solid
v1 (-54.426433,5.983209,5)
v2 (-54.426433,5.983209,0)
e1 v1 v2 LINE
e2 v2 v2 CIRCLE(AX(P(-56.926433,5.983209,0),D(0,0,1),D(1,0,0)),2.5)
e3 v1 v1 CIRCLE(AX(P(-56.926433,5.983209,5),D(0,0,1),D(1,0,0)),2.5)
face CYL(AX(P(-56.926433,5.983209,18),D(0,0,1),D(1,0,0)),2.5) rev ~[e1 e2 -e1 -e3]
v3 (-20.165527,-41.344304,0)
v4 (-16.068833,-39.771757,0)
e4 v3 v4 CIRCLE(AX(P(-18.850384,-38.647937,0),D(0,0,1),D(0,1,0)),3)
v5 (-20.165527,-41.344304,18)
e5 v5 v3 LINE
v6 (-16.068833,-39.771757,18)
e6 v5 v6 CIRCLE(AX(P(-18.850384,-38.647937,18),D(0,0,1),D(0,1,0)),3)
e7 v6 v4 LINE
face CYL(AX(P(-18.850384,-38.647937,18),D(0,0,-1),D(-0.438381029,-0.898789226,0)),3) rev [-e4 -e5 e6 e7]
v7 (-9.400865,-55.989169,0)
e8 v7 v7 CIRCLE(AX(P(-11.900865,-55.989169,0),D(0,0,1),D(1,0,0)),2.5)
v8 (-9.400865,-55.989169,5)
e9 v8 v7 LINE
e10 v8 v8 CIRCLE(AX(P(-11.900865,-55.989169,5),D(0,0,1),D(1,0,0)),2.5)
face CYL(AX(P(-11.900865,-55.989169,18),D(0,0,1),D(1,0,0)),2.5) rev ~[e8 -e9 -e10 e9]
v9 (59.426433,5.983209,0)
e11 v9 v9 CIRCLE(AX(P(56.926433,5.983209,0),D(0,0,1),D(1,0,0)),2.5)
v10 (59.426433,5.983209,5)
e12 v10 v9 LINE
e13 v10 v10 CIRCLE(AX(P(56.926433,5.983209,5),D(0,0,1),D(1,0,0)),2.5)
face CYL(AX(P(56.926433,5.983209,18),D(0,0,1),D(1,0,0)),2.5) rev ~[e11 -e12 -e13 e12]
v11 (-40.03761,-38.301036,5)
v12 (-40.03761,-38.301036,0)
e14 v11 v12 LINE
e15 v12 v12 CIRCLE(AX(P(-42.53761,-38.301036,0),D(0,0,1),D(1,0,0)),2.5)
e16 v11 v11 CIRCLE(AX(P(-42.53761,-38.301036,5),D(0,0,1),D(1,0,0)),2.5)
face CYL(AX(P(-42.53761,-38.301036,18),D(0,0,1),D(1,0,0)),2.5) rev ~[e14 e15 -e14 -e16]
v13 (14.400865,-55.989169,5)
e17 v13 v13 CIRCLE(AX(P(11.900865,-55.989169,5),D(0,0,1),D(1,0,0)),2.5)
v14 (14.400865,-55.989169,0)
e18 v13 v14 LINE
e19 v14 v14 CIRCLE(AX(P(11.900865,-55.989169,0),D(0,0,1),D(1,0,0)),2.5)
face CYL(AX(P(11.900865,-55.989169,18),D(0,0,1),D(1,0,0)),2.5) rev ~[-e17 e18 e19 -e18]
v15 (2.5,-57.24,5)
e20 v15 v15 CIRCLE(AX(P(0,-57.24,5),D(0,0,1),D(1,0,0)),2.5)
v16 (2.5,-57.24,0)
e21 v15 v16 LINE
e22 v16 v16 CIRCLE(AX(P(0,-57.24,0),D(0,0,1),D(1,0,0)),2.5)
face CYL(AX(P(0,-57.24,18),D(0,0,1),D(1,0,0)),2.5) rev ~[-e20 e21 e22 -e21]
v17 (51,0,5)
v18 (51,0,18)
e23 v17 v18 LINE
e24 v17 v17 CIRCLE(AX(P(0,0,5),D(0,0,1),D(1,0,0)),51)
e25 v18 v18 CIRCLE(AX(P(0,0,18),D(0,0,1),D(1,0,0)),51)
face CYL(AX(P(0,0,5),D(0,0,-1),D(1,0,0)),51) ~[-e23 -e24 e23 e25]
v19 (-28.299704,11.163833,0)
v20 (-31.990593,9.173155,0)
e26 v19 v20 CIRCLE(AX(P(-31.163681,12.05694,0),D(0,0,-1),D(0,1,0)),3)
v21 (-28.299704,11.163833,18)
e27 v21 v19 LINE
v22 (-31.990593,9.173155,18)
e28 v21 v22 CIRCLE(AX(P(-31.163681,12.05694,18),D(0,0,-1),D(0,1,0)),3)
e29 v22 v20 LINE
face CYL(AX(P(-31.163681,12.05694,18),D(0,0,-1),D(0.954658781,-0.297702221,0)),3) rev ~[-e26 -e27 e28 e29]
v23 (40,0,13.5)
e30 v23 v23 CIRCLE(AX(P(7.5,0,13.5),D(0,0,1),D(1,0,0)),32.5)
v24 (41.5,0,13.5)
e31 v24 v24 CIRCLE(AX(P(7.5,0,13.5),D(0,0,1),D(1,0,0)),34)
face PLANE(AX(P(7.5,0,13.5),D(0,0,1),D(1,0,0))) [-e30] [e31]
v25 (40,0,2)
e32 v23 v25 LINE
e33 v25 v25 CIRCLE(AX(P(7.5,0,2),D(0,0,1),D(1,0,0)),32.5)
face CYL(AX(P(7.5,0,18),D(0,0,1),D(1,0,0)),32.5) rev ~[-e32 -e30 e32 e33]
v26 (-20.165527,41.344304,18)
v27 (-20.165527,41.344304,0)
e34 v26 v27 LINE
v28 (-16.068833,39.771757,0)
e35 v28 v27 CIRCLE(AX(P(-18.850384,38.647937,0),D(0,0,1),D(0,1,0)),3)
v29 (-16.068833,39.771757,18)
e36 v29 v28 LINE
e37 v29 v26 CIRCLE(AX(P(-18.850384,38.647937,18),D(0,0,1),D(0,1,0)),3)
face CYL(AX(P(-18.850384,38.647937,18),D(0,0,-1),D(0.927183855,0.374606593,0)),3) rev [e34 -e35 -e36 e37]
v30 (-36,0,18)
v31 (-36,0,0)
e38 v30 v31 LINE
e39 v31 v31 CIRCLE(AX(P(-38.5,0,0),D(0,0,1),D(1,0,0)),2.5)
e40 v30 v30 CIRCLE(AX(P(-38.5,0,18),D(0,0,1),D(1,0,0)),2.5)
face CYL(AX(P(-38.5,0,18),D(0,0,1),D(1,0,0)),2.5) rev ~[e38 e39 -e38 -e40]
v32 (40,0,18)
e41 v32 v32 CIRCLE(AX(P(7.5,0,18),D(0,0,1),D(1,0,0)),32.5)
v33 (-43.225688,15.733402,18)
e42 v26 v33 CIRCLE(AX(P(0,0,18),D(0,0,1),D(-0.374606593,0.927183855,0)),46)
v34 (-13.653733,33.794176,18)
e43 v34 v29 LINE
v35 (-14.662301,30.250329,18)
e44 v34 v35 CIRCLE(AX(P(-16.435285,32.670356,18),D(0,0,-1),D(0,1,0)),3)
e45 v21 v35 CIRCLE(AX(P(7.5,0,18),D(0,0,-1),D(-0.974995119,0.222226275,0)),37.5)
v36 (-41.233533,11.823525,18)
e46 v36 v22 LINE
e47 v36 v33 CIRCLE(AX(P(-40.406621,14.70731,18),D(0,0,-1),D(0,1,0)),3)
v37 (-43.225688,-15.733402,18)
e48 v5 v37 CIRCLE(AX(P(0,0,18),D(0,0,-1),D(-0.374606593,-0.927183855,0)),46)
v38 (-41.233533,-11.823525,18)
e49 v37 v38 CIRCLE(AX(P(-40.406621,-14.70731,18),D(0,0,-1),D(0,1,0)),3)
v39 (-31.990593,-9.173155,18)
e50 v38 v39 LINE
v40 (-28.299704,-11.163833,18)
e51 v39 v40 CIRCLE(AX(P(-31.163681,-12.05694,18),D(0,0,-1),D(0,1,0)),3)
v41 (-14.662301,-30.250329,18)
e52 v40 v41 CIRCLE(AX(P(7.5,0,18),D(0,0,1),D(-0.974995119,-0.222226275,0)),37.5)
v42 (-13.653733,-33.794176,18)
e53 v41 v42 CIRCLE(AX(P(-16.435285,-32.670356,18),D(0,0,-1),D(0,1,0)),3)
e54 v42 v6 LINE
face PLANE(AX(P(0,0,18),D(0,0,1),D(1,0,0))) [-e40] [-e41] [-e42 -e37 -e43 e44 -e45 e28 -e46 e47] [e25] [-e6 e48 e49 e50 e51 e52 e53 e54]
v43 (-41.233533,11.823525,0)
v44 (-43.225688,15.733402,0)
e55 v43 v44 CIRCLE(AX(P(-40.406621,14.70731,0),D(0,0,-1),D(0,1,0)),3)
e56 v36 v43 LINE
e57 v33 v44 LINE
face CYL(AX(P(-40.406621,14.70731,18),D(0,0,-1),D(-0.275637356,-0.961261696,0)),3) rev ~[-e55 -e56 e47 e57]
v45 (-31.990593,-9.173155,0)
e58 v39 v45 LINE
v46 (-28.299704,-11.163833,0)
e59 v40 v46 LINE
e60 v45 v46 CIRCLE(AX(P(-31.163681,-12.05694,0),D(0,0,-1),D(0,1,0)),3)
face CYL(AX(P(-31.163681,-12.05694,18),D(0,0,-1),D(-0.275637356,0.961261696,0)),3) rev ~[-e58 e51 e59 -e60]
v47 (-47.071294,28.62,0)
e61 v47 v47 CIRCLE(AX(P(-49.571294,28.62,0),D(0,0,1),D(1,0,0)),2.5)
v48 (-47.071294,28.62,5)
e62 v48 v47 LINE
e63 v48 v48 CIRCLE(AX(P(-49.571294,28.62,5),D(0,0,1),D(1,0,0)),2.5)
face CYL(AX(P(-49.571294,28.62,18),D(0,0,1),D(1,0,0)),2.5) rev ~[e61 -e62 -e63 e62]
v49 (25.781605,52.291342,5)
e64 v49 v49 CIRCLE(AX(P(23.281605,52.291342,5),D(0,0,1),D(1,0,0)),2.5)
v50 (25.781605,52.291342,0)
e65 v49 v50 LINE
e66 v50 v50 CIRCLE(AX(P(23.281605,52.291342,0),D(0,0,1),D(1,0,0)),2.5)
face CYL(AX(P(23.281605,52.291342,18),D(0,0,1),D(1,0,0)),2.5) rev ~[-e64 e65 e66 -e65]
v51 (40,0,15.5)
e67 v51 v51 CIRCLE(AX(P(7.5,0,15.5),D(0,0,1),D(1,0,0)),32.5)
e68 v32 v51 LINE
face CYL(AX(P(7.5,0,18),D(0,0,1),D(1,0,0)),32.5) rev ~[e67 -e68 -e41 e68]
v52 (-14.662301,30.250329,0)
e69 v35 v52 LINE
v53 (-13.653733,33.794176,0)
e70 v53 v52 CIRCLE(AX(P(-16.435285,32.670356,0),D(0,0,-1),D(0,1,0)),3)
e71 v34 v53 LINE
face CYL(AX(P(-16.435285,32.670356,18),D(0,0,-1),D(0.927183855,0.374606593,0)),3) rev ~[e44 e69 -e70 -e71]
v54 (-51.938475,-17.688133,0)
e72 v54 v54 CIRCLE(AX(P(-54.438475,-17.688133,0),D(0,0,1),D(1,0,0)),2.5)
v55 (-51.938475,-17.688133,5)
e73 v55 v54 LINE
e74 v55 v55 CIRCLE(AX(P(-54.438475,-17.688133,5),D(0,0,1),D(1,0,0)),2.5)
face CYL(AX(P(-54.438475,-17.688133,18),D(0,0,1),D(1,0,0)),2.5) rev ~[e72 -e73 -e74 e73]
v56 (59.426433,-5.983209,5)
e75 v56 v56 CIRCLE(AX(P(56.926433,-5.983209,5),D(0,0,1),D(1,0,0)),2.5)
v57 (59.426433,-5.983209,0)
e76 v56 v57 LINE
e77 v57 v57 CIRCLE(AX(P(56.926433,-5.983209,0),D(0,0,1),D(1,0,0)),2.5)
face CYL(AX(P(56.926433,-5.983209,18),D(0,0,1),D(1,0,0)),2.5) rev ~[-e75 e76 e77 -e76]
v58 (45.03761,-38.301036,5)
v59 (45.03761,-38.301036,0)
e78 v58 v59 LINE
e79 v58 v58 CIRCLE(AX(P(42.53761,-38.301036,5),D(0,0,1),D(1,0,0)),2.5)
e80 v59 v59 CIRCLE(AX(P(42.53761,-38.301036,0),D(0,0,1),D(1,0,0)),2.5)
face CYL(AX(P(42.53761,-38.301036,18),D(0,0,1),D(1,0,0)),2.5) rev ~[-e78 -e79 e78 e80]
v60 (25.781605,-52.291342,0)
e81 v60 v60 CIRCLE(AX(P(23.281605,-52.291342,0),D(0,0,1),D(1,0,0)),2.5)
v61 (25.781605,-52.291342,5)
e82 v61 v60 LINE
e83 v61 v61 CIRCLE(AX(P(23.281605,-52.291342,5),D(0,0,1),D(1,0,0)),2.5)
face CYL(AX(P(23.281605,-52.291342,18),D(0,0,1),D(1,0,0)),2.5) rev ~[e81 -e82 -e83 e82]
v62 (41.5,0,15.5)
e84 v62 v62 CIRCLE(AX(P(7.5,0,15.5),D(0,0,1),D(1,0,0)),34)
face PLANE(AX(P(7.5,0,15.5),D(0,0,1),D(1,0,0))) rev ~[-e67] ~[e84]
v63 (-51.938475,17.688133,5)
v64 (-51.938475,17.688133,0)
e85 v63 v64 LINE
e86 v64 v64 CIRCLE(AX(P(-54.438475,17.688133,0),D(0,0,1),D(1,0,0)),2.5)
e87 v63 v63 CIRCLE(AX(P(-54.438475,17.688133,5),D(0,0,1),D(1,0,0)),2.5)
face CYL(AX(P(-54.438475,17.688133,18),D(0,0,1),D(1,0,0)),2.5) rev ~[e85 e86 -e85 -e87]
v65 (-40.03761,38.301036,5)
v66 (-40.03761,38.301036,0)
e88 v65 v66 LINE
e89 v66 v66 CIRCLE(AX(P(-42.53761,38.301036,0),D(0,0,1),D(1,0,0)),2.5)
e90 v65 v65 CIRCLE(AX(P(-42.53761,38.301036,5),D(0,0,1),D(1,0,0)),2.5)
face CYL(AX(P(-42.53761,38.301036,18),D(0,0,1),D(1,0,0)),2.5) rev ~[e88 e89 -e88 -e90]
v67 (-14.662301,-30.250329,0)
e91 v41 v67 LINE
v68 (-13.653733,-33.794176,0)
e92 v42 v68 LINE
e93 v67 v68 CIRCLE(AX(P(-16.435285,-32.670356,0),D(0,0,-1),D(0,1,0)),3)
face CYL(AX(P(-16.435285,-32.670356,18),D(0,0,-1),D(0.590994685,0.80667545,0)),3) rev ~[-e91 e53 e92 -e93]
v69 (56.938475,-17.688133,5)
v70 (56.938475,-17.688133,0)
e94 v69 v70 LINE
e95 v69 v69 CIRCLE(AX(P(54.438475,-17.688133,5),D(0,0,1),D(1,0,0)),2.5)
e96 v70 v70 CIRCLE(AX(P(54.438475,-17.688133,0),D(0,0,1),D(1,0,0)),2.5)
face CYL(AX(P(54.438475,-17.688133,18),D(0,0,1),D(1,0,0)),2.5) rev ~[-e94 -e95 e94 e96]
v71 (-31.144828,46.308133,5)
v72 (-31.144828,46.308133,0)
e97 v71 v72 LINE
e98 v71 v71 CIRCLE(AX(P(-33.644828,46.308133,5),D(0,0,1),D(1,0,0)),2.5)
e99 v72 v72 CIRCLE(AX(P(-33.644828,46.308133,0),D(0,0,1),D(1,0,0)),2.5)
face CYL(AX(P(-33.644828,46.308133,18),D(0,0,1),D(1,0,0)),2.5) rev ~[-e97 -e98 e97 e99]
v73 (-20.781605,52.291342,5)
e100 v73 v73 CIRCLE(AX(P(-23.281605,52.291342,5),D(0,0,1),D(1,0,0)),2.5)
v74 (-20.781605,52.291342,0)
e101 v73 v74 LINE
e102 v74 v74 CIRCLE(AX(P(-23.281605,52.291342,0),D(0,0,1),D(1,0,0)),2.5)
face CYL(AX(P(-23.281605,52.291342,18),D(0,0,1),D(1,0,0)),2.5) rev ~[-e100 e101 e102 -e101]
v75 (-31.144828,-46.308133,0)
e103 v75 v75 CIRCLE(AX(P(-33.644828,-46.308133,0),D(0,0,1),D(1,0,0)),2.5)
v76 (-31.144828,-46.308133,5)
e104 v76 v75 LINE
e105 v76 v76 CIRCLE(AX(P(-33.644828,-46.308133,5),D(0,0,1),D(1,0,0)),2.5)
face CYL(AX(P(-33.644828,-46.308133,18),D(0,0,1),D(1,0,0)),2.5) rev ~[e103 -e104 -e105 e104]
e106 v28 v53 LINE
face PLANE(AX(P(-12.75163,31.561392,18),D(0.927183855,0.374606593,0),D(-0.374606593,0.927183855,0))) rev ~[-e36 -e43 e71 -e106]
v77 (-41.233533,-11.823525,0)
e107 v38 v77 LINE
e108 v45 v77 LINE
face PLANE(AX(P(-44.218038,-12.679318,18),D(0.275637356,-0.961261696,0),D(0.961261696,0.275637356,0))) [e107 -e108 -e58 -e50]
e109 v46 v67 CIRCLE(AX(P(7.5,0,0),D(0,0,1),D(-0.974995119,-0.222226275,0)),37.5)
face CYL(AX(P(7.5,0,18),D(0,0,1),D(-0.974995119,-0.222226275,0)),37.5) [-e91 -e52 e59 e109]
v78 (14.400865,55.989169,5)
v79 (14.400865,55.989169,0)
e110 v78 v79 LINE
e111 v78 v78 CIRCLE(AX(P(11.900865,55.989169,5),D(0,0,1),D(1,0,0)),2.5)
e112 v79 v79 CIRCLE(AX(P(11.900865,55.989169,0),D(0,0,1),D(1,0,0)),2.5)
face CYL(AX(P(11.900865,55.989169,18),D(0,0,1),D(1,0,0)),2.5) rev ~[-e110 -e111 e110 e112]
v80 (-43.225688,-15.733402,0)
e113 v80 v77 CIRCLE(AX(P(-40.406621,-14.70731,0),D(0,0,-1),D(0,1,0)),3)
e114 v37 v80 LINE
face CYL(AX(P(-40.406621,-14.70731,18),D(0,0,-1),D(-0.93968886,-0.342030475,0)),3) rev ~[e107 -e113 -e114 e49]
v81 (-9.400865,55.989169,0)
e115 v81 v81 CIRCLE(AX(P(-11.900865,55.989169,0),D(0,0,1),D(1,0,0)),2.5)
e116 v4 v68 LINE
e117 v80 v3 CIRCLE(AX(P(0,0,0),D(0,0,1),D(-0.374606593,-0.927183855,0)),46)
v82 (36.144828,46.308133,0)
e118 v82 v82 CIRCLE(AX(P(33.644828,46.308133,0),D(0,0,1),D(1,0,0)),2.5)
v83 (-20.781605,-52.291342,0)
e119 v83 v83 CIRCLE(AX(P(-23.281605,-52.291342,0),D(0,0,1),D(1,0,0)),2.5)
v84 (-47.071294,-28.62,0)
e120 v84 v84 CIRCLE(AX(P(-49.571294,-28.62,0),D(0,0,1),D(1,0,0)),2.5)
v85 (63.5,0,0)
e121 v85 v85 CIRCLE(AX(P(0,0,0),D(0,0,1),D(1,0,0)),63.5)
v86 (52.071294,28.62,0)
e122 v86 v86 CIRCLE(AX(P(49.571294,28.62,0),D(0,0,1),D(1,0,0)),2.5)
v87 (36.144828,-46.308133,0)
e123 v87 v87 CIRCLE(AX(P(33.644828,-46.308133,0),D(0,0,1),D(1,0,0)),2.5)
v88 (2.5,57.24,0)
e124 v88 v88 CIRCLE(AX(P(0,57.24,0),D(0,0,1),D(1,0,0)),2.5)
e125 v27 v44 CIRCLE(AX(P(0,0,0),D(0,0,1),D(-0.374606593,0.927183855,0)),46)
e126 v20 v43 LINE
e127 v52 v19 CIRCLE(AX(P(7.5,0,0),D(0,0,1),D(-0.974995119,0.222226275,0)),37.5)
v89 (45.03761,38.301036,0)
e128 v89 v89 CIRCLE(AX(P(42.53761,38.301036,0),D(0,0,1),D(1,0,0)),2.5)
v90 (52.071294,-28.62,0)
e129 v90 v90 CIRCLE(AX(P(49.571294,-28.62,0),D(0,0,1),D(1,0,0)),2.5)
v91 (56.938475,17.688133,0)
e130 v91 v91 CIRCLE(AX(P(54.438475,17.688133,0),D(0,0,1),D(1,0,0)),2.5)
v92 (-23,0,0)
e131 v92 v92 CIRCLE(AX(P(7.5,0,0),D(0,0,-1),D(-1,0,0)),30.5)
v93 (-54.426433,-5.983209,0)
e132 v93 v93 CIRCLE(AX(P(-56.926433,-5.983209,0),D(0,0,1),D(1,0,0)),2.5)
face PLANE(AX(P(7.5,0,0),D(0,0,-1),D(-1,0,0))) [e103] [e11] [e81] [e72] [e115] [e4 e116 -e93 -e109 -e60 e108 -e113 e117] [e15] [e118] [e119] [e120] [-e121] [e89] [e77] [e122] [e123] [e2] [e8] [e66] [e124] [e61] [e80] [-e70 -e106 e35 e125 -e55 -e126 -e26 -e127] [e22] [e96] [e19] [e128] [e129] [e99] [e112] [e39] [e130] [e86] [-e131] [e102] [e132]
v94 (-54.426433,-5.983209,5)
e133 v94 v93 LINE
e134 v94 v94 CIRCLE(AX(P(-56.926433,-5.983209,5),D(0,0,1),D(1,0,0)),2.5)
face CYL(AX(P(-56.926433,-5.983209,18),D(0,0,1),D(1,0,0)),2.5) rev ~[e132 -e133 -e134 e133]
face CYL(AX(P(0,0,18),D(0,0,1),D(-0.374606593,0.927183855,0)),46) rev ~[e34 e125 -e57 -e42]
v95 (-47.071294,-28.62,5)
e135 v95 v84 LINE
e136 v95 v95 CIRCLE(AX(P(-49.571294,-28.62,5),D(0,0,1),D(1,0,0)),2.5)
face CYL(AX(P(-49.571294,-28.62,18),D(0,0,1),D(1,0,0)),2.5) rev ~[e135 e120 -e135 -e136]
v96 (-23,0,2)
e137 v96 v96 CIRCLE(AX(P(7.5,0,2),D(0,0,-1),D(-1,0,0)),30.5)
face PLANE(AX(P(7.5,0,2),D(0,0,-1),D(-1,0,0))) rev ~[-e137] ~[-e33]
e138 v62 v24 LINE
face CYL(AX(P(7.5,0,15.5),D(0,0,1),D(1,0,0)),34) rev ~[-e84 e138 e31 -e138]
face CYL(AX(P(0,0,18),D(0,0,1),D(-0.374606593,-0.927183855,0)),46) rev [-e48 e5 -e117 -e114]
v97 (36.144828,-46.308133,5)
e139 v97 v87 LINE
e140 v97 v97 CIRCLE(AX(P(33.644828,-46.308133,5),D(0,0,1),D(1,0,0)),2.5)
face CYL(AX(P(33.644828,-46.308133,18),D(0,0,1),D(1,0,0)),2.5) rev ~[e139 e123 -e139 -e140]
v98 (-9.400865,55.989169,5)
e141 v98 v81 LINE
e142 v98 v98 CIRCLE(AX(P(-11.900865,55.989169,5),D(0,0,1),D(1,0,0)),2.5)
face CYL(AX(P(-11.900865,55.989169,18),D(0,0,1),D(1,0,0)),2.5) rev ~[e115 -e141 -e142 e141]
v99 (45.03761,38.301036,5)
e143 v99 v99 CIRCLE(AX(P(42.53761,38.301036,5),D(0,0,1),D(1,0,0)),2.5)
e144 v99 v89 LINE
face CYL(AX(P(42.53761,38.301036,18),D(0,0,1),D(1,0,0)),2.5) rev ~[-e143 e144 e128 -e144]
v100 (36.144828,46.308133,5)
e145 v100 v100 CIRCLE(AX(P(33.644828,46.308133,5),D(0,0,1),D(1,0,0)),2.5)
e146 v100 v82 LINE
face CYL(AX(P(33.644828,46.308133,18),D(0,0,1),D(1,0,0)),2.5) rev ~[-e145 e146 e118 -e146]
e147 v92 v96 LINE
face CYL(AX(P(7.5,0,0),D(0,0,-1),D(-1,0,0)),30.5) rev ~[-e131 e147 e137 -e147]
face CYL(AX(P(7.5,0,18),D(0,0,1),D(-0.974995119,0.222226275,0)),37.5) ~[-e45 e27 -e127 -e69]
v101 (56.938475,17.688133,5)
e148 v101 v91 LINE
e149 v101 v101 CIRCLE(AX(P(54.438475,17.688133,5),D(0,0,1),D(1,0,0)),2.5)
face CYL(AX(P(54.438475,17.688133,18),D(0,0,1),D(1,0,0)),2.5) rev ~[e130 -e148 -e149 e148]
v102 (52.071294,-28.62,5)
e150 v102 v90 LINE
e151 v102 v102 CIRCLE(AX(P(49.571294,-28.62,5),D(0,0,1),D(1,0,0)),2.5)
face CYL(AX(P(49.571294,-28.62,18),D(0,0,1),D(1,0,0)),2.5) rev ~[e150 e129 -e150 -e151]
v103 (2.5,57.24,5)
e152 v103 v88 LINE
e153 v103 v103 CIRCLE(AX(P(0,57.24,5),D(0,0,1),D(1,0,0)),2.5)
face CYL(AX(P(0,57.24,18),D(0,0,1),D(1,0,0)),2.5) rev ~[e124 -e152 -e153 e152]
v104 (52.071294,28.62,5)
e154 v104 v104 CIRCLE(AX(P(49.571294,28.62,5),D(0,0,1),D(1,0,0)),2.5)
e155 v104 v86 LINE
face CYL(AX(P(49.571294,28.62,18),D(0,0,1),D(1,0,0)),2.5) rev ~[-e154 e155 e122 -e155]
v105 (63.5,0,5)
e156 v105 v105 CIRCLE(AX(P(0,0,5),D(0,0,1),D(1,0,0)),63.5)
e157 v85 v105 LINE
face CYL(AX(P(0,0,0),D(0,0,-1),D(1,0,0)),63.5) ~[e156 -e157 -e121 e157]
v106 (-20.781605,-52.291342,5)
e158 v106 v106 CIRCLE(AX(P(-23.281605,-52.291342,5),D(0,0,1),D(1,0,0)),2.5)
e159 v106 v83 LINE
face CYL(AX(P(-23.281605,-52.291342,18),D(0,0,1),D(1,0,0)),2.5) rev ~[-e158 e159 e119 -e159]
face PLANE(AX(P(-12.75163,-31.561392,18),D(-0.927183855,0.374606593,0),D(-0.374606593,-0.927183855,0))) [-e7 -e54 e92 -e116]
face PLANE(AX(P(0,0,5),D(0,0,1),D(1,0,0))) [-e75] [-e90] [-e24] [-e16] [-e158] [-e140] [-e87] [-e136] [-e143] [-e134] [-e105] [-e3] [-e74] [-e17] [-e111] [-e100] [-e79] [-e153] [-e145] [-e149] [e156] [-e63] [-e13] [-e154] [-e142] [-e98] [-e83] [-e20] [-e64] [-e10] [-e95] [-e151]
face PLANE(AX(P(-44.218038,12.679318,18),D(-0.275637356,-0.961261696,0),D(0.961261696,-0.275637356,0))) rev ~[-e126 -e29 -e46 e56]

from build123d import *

# Parameters (mm, degrees)
SKETCH1_R           = 63.5
BOSS_EXTRUDE1_DEPTH = 5
SKETCH2_R           = 51
BOSS_EXTRUDE2_DEPTH = 13
SKETCH3_R           = 32.5
CUT_EXTRUDE1_DEPTH  = 19
CUT_EXTRUDE9_START  = -2.5
SKETCH4_R           = 34
SKETCH4_R_2         = 32.5
CUT_EXTRUDE9_DEPTH  = 2
SKETCH6_R           = 32.5
SKETCH6_R_2         = 30.5
BOSS_EXTRUDE3_DEPTH = 2
SKETCH7_R           = 2.5
CUT_EXTRUDE10_DEPTH = 19
SKETCH9_R           = 2.5
CUT_EXTRUDE11_DEPTH = 19
CUT_EXTRUDE12_DEPTH = 19
FILLET1_R           = 3


with BuildPart() as part:
    # Sketch1 → Boss-Extrude1 (new body)
    with BuildSketch(Plane.XY):
        Circle(SKETCH1_R)
    extrude(amount=BOSS_EXTRUDE1_DEPTH)

    # Sketch2 → Boss-Extrude2 (add)
    with BuildSketch(Plane.XY.offset(5)):
        Circle(SKETCH2_R)
    extrude(amount=BOSS_EXTRUDE2_DEPTH)

    # Sketch3 → Cut-Extrude1 (cut, through all)
    with BuildSketch(Plane.XY.offset(18)):
        with Locations((7.5, 0)):
            Circle(SKETCH3_R)
    extrude(amount=-CUT_EXTRUDE1_DEPTH, mode=Mode.SUBTRACT)

    # Sketch4 → Cut-Extrude9 (cut)
    with BuildSketch(Plane.XY.offset(18).offset(CUT_EXTRUDE9_START)):
        with Locations((7.5, 0)):
            Circle(SKETCH4_R)
        with Locations((7.5, 0)):
            Circle(SKETCH4_R_2, mode=Mode.SUBTRACT)
    extrude(amount=-CUT_EXTRUDE9_DEPTH, mode=Mode.SUBTRACT)

    # Sketch6 → Boss-Extrude3 (add)
    with BuildSketch(Plane(origin=(0, 0, 0), x_dir=(-1, 0, 0), z_dir=(0, 0, -1))):
        with Locations((-7.5, 0)):
            Circle(SKETCH6_R)
        with Locations((-7.5, 0)):
            Circle(SKETCH6_R_2, mode=Mode.SUBTRACT)
    extrude(amount=-BOSS_EXTRUDE3_DEPTH)

    # Sketch7 → Cut-Extrude10 (cut, through all)
    with BuildSketch(Plane.XY.offset(18)):
        with Locations((0, 57.24)):
            Circle(SKETCH7_R)
        with Locations((11.900865182, 55.989168666)):
            Circle(SKETCH7_R)
        with Locations((23.28160545, 52.291341995)):
            Circle(SKETCH7_R)
        with Locations((33.644827841, 46.308132758)):
            Circle(SKETCH7_R)
        with Locations((42.53760981, 38.301035908)):
            Circle(SKETCH7_R)
        with Locations((49.571294113, 28.62)):
            Circle(SKETCH7_R)
        with Locations((54.438474993, 17.688132758)):
            Circle(SKETCH7_R)
        with Locations((56.926433291, 5.983209237)):
            Circle(SKETCH7_R)
        with Locations((56.926433291, -5.983209237)):
            Circle(SKETCH7_R)
        with Locations((54.438474993, -17.688132758)):
            Circle(SKETCH7_R)
        with Locations((49.571294113, -28.62)):
            Circle(SKETCH7_R)
        with Locations((42.53760981, -38.301035908)):
            Circle(SKETCH7_R)
        with Locations((33.644827841, -46.308132758)):
            Circle(SKETCH7_R)
        with Locations((23.28160545, -52.291341995)):
            Circle(SKETCH7_R)
        with Locations((11.900865182, -55.989168666)):
            Circle(SKETCH7_R)
        with Locations((0, -57.24)):
            Circle(SKETCH7_R)
        with Locations((-11.900865182, -55.989168666)):
            Circle(SKETCH7_R)
        with Locations((-23.28160545, -52.291341995)):
            Circle(SKETCH7_R)
        with Locations((-33.644827841, -46.308132758)):
            Circle(SKETCH7_R)
        with Locations((-42.53760981, -38.301035908)):
            Circle(SKETCH7_R)
        with Locations((-49.571294113, -28.62)):
            Circle(SKETCH7_R)
        with Locations((-54.438474993, -17.688132758)):
            Circle(SKETCH7_R)
        with Locations((-56.926433291, -5.983209237)):
            Circle(SKETCH7_R)
        with Locations((-56.926433291, 5.983209237)):
            Circle(SKETCH7_R)
        with Locations((-54.438474993, 17.688132758)):
            Circle(SKETCH7_R)
        with Locations((-49.571294113, 28.62)):
            Circle(SKETCH7_R)
        with Locations((-42.53760981, 38.301035908)):
            Circle(SKETCH7_R)
        with Locations((-33.644827841, 46.308132758)):
            Circle(SKETCH7_R)
        with Locations((-23.28160545, 52.291341995)):
            Circle(SKETCH7_R)
        with Locations((-11.900865182, 55.989168666)):
            Circle(SKETCH7_R)
    extrude(amount=-CUT_EXTRUDE10_DEPTH, mode=Mode.SUBTRACT)

    # Sketch9 → Cut-Extrude11 (cut, through all)
    with BuildSketch(Plane.XY.offset(18)):
        with Locations((-38.5, 0)):
            Circle(SKETCH9_R)
    extrude(amount=-CUT_EXTRUDE11_DEPTH, mode=Mode.SUBTRACT)

    # Sketch10 → Cut-Extrude12 (cut, through all)
    with BuildSketch(Plane.XY.offset(18)):
        with BuildLine():
            Line((-12.751630161, 31.561392172), (-17.231903297, 42.65045731))
            ThreePointArc((-17.231903297, 42.65045731), (-34.184661972, 30.780007893), (-44.218038013, 12.679318368))
            Line((-44.218038013, 12.679318368), (-29.062316979, 8.333485293))
            ThreePointArc((-29.062316979, 8.333485293), (-23.189412863, 21.550172577), (-12.751630161, 31.561392172))
        make_face()
        with BuildLine():
            Line((-12.751630161, -31.561392172), (-17.231903297, -42.65045731))
            ThreePointArc((-17.231903297, -42.65045731), (-34.184661972, -30.780007893), (-44.218038013, -12.679318368))
            Line((-44.218038013, -12.679318368), (-29.062316979, -8.333485293))
            ThreePointArc((-29.062316979, -8.333485293), (-23.189412863, -21.550172577), (-12.751630161, -31.561392172))
        make_face()
    extrude(amount=-CUT_EXTRUDE12_DEPTH, mode=Mode.SUBTRACT)

    # Fillet1
    fillet1_edges = [part.edges().sort_by_distance(p)[0] for p in [
        (-12.751630161, 31.561392172, 9),
        (-29.062316979, 8.333485293, 9),
        (-44.218038013, 12.679318368, 9),
        (-17.231903297, 42.65045731, 9),
        (-29.062316979, -8.333485293, 9),
        (-12.751630161, -31.561392172, 9),
        (-17.231903297, -42.65045731, 9),
        (-44.218038013, -12.679318368, 9),
    ]]
    fillet(fillet1_edges, radius=FILLET1_R)


solid = part.part
